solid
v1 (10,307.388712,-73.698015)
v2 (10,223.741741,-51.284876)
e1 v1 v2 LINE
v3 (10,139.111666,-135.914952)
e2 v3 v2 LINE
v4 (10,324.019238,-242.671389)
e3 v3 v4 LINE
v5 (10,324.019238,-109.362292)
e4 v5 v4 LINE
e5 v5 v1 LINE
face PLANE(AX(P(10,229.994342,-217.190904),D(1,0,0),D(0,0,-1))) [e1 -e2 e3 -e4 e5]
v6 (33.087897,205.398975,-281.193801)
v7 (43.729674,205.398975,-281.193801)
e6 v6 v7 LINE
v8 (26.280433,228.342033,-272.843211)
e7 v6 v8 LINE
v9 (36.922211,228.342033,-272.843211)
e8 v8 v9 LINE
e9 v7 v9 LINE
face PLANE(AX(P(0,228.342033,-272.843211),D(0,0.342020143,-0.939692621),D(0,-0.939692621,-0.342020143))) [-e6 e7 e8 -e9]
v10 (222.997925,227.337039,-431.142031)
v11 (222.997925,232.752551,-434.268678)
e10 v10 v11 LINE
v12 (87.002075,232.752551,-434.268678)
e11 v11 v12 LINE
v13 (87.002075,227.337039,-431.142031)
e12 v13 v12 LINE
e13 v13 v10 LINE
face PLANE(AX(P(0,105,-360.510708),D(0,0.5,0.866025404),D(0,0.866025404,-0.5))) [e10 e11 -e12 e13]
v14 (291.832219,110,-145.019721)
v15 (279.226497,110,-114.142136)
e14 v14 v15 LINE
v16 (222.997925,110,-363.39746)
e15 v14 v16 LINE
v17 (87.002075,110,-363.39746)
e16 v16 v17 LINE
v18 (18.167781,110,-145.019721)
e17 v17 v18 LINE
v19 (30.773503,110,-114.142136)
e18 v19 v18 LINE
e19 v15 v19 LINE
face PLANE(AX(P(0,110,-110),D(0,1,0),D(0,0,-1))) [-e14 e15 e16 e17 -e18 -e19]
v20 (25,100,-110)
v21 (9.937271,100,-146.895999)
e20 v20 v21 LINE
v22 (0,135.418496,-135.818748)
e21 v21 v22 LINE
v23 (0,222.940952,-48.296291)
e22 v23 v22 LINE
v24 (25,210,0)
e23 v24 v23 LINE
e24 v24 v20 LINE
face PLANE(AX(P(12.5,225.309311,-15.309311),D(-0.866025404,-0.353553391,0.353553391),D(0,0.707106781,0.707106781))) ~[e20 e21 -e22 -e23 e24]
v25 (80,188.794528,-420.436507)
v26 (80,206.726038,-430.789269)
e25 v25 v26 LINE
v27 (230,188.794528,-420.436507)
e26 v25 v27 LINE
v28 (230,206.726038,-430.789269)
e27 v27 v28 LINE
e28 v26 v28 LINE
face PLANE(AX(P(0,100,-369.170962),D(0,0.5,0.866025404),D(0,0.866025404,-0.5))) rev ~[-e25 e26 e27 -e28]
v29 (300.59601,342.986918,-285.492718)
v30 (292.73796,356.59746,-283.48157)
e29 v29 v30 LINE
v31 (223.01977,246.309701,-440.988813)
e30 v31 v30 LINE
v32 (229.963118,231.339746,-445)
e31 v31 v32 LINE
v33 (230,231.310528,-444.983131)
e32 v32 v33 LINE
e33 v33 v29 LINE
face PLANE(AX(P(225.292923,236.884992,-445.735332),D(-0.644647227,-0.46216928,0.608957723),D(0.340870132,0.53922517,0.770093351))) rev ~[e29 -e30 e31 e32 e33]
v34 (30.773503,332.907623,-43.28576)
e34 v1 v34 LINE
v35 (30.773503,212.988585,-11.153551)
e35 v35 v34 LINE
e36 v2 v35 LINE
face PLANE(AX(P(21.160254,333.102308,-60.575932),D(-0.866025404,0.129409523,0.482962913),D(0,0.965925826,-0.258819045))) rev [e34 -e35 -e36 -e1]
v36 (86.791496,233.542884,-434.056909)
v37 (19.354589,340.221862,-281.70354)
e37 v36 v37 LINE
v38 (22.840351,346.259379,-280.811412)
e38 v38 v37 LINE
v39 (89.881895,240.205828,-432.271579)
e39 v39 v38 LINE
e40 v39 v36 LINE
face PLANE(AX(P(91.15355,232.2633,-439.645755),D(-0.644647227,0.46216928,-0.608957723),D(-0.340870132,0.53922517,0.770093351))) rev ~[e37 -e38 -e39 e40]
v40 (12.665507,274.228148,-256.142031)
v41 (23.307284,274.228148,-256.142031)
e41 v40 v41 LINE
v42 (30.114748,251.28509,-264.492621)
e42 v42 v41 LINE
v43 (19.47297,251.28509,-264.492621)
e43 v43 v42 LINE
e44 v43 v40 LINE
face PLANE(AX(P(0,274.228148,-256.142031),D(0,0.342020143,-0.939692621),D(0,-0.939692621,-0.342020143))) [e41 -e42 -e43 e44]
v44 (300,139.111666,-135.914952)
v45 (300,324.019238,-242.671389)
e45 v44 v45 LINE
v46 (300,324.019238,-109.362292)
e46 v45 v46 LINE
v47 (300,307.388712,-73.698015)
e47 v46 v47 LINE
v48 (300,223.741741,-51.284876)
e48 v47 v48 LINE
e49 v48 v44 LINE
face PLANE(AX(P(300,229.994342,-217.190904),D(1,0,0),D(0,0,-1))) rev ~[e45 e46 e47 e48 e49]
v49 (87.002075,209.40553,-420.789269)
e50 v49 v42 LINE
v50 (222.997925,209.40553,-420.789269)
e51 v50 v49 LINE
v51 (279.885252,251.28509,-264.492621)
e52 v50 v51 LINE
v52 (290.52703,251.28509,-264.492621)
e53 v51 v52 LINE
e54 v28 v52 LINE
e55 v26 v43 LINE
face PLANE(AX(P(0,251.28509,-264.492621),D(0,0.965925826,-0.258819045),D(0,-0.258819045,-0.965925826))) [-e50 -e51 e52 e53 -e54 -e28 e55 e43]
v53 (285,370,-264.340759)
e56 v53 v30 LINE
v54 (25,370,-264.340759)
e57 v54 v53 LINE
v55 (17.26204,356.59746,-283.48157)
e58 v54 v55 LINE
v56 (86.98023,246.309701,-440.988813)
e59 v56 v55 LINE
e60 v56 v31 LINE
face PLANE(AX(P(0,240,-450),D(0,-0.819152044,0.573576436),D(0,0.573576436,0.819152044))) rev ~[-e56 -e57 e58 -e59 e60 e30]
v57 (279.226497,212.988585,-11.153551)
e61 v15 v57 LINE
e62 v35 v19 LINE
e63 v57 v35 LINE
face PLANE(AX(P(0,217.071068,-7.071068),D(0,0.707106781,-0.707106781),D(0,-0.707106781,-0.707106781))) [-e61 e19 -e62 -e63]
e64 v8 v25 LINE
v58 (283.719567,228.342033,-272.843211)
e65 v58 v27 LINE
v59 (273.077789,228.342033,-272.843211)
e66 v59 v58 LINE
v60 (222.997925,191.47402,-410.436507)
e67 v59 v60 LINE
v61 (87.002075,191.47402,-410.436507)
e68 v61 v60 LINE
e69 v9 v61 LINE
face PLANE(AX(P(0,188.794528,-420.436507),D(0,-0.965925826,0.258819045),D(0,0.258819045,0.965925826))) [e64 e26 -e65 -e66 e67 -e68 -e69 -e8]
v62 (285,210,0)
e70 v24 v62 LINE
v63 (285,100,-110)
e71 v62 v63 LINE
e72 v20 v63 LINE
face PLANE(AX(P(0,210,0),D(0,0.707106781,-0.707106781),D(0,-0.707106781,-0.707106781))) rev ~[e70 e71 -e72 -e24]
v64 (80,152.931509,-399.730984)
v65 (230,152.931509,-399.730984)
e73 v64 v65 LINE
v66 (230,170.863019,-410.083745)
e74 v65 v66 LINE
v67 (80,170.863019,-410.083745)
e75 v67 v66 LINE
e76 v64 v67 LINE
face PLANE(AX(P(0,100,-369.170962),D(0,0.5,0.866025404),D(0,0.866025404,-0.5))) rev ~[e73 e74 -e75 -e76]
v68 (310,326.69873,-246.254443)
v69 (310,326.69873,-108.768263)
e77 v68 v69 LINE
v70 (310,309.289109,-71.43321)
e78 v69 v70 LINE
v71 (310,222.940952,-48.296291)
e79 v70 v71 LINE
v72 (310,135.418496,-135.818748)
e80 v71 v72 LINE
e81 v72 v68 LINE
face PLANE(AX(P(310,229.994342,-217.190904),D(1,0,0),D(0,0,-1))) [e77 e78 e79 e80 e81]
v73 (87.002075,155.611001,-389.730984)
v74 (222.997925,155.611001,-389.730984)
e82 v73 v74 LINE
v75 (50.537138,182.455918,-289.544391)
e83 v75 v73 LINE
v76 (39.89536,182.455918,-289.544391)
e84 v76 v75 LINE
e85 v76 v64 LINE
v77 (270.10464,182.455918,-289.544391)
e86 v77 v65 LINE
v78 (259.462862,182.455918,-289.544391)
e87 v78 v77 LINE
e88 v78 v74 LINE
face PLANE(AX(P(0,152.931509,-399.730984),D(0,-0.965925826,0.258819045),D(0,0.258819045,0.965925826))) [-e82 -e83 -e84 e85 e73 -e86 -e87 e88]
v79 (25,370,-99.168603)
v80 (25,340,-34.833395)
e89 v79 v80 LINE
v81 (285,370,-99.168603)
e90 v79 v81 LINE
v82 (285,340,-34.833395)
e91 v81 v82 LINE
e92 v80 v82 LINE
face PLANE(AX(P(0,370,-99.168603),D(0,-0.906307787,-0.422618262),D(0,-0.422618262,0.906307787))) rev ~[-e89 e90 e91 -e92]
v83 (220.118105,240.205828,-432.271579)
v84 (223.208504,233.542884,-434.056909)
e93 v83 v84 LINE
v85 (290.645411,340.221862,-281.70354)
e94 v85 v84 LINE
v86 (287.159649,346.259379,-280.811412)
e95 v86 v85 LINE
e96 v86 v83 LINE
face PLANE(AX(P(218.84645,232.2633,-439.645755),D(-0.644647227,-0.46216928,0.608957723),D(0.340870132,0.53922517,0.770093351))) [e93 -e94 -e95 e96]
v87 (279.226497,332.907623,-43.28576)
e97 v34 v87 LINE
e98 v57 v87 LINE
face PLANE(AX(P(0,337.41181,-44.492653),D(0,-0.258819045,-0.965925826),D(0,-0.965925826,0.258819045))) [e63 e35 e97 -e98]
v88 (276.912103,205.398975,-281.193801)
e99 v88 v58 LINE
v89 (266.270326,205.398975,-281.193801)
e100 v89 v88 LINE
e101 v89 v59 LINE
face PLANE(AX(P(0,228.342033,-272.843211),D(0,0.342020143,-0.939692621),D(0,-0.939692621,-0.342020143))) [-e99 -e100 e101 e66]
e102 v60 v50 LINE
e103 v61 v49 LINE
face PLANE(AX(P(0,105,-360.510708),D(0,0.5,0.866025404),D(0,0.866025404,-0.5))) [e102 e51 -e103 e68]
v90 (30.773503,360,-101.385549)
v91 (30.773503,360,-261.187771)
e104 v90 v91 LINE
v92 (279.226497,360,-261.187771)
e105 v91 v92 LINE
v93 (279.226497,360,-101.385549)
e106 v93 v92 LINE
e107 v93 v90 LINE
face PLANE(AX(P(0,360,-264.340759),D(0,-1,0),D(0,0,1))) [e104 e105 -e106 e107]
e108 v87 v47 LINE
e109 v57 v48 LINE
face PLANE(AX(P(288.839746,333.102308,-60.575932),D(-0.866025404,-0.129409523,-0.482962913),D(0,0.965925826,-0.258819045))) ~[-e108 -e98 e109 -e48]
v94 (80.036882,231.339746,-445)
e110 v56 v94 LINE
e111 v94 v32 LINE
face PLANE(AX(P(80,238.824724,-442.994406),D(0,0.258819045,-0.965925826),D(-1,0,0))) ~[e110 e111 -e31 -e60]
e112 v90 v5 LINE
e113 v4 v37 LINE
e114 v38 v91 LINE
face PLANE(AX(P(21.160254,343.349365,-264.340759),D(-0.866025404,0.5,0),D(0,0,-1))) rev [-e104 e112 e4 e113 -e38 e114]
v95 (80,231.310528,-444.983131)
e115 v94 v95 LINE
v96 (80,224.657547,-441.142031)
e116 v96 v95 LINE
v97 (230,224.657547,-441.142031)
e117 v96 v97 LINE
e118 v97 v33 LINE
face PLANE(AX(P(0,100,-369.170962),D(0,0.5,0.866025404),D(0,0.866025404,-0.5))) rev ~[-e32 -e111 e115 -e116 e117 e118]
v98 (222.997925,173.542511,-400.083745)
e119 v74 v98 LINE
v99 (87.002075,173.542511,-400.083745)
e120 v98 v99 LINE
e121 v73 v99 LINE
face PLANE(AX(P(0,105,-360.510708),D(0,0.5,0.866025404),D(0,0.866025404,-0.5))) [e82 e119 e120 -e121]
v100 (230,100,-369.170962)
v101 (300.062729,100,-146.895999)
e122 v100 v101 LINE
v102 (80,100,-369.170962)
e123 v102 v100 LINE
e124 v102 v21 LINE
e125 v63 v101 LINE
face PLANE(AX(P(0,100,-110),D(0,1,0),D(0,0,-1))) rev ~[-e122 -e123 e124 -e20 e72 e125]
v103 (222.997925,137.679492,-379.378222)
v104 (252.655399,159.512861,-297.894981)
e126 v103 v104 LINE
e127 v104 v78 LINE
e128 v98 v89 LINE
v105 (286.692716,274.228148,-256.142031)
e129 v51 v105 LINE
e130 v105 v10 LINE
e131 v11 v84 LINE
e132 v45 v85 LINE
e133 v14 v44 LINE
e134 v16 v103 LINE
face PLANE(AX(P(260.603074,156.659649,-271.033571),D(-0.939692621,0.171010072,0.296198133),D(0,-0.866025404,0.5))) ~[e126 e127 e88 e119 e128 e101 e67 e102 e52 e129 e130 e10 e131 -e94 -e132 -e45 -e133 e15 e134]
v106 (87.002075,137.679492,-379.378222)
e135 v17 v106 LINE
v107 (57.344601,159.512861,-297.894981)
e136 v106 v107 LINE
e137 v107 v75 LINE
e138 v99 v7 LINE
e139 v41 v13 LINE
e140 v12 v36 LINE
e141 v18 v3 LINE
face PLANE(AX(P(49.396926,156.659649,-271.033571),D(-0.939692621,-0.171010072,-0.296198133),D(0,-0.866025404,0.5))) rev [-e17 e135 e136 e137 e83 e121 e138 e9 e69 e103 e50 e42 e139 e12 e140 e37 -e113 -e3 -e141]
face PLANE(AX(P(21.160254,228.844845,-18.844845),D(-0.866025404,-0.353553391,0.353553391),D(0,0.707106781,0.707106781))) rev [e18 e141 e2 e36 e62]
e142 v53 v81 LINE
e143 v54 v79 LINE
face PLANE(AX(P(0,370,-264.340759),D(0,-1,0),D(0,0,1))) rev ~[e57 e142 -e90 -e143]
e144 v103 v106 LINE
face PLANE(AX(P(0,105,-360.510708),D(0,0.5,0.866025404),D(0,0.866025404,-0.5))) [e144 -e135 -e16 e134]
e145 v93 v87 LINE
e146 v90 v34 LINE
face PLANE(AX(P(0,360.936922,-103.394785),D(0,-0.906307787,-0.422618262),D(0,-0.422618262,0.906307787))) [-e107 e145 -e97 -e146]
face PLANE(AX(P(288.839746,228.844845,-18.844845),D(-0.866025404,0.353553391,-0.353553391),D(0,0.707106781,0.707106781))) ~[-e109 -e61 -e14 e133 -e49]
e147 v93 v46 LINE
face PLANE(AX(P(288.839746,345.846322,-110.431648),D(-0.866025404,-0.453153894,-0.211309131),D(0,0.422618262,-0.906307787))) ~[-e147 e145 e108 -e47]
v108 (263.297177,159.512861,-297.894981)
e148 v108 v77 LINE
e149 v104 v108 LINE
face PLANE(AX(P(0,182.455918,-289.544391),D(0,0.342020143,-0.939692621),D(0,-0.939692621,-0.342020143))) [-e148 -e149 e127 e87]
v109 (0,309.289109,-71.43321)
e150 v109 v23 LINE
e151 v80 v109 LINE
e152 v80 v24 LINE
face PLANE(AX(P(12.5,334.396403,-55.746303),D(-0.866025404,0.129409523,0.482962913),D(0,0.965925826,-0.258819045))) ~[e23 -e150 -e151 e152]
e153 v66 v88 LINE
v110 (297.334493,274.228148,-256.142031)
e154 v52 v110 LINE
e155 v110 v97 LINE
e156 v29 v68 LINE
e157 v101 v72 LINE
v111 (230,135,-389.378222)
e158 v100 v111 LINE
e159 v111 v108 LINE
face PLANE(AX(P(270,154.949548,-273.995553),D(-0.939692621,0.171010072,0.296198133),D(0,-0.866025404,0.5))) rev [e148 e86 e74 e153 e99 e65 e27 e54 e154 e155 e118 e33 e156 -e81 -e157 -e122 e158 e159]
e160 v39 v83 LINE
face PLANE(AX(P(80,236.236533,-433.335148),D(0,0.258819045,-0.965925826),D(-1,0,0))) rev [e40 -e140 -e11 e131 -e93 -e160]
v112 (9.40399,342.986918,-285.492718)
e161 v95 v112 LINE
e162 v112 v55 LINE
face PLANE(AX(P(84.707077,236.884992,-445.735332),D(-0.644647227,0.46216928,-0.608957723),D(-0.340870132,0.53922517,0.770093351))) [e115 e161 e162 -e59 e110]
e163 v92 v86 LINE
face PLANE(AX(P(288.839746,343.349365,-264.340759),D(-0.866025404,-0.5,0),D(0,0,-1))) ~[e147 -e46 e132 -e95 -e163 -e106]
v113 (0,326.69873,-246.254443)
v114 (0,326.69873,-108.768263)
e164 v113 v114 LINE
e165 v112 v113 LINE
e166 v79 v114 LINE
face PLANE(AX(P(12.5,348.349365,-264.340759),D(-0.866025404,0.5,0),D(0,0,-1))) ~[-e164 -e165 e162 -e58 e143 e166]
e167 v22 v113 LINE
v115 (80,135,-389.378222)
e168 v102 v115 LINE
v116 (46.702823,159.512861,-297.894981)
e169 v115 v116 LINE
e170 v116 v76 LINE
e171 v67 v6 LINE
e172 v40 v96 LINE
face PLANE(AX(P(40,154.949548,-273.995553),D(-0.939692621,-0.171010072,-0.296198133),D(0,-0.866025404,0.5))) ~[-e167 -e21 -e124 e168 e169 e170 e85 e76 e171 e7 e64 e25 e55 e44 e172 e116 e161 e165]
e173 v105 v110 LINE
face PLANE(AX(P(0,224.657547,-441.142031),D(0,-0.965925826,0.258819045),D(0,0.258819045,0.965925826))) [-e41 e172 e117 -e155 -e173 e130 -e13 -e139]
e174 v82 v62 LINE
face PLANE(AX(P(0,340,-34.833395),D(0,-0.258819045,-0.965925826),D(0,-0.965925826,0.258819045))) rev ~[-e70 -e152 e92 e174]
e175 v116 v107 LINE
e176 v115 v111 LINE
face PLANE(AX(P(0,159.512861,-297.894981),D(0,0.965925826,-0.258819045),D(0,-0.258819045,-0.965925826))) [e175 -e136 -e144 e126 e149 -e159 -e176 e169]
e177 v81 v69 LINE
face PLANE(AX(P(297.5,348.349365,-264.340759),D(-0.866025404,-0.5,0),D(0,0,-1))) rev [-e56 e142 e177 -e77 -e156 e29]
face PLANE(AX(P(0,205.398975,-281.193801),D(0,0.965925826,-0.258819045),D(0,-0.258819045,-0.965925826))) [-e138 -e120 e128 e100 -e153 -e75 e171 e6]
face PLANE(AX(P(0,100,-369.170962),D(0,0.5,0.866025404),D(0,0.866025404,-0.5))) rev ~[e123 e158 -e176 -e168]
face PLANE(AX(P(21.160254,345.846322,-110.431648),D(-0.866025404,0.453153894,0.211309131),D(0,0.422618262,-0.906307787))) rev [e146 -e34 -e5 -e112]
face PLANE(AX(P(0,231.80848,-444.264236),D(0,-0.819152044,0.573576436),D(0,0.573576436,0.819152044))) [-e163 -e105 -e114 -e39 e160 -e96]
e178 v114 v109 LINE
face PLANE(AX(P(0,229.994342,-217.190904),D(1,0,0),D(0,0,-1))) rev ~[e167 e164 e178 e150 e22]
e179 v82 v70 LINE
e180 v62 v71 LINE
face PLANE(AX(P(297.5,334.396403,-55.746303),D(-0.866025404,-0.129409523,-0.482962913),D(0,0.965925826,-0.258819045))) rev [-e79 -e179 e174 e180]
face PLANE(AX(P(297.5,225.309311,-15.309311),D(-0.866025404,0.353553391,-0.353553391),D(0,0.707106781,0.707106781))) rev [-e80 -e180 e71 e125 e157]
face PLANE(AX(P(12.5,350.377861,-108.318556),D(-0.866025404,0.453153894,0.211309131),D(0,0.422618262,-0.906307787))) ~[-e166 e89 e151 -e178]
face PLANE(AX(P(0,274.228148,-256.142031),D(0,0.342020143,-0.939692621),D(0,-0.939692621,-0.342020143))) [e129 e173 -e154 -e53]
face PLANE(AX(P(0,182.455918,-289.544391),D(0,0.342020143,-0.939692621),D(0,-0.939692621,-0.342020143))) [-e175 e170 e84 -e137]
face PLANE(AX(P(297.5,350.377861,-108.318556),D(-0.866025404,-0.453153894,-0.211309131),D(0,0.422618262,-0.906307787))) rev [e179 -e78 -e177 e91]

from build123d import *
from OCP.BRepFilletAPI import BRepFilletAPI_MakeChamfer

# Parameters (mm, degrees)
BOSS_EXTRU_1_DEPTH      = 310
CHANFREIN1_SIZE         = 80
CHANFREIN1_SIZE2        = 219.798193556
CHANFREIN2_SIZE         = 25
CHANFREIN2_SIZE2        = 43.301270189
CHANFREIN3_SIZE         = 10
CHANFREIN3_SIZE2        = 11.000628676
CHANFREIN3_SIZE2_2      = 10.311972297
COQUE1_T                = 10
ENL_V_MAT_EXTRU_1_DEPTH = 657.524942405


with BuildPart() as part:
    # Esquisse1 → Boss.-Extru.1 (new body)
    with BuildSketch(Plane(origin=(0, 0, 0), x_dir=(0, 0, -1), z_dir=(1, 0, 0))):
        Polygon((369.170962313, 100), (450, 240), (264.340759124, 370), (99.168602631, 370), (34.833395016, 340), (0, 210), (110, 100), align=None)
    extrude(amount=BOSS_EXTRU_1_DEPTH)

    # Chanfrein1
    chanfrein1_edges = [part.edges().sort_by_distance(p)[0] for p in [
        (310, 170, -409.585481157),
        (0, 170, -409.585481157),
    ]]
    chanfrein1_side = [part.faces().sort_by_distance(p)[0] for p in [
        (155, 170, -409.585481157),
    ]]
    chamfer(chanfrein1_edges, length=CHANFREIN1_SIZE, length2=CHANFREIN1_SIZE2, reference=chanfrein1_side[0])

    # Chanfrein2: one chamfer whose edges measure the first distance from different faces: ONE call of the kernel's chamfer builder (chamfer() names one face for all edges)
    chanfrein2_edges_1 = [part.edges().sort_by_distance(p)[0] for p in [
        (0, 155, -55),
        (310, 155, -55),
    ]]
    chanfrein2_side_1 = [part.faces().sort_by_distance(p)[0] for p in [
        (155, 155, -55),
    ]]
    chanfrein2_edges_2 = [part.edges().sort_by_distance(p)[0] for p in [
        (0, 275, -17.416697508),
        (310, 275, -17.416697508),
    ]]
    chanfrein2_side_2 = [part.faces().sort_by_distance(p)[0] for p in [
        (155, 275, -17.416697508),
    ]]
    chanfrein2_edges_3 = [part.edges().sort_by_distance(p)[0] for p in [
        (0, 355, -67.000998824),
        (310, 355, -67.000998824),
    ]]
    chanfrein2_side_3 = [part.faces().sort_by_distance(p)[0] for p in [
        (155, 355, -67.000998824),
    ]]
    chanfrein2_edges_4 = [part.edges().sort_by_distance(p)[0] for p in [
        (0, 370, -181.754680877),
        (310, 370, -181.754680877),
    ]]
    chanfrein2_side_4 = [part.faces().sort_by_distance(p)[0] for p in [
        (155, 370, -181.754680877),
    ]]
    chanfrein2 = BRepFilletAPI_MakeChamfer(part.part.solid().wrapped)
    for e in chanfrein2_edges_1:
        chanfrein2.Add(CHANFREIN2_SIZE, CHANFREIN2_SIZE2, e.wrapped, chanfrein2_side_1[0].wrapped)  # the first distance lies on this face
    for e in chanfrein2_edges_2:
        chanfrein2.Add(CHANFREIN2_SIZE, CHANFREIN2_SIZE2, e.wrapped, chanfrein2_side_2[0].wrapped)  # the first distance lies on this face
    for e in chanfrein2_edges_3:
        chanfrein2.Add(CHANFREIN2_SIZE, CHANFREIN2_SIZE2, e.wrapped, chanfrein2_side_3[0].wrapped)  # the first distance lies on this face
    for e in chanfrein2_edges_4:
        chanfrein2.Add(CHANFREIN2_SIZE, CHANFREIN2_SIZE2, e.wrapped, chanfrein2_side_4[0].wrapped)  # the first distance lies on this face
    add(Compound.cast(chanfrein2.Shape()), mode=Mode.REPLACE)

    # Chanfrein3: one chamfer whose edges measure the first distance from different faces: ONE call of the kernel's chamfer builder (chamfer() names one face for all edges)
    chanfrein3_edges_1 = [part.edges().sort_by_distance(p)[0] for p in [
        (155, 240, -450),
    ]]
    chanfrein3_side_1 = [part.faces().sort_by_distance(p)[0] for p in [
        (155, 170, -409.585481157),
    ]]
    chanfrein3_edges_2 = [part.edges().sort_by_distance(p)[0] for p in [
        (46.013035878, 293.764248554, -373.216695593),
    ]]
    chanfrein3_side_2 = [part.faces().sort_by_distance(p)[0] for p in [
        (36.692430522, 203.807514508, -291.710403206),
    ]]
    chanfrein3_edges_3 = [part.edges().sort_by_distance(p)[0] for p in [
        (263.986964122, 293.764248554, -373.216695593),
    ]]
    chanfrein3_side_3 = [part.faces().sort_by_distance(p)[0] for p in [
        (273.307569478, 203.807514508, -291.710403206),
    ]]
    chanfrein3 = BRepFilletAPI_MakeChamfer(part.part.solid().wrapped)
    for e in chanfrein3_edges_1:
        chanfrein3.Add(CHANFREIN3_SIZE, CHANFREIN3_SIZE2, e.wrapped, chanfrein3_side_1[0].wrapped)  # the first distance lies on this face
    for e in chanfrein3_edges_2:
        chanfrein3.Add(CHANFREIN3_SIZE, CHANFREIN3_SIZE2_2, e.wrapped, chanfrein3_side_2[0].wrapped)  # the first distance lies on this face
    for e in chanfrein3_edges_3:
        chanfrein3.Add(CHANFREIN3_SIZE, CHANFREIN3_SIZE2_2, e.wrapped, chanfrein3_side_3[0].wrapped)  # the first distance lies on this face
    add(Compound.cast(chanfrein3.Shape()), mode=Mode.REPLACE)

    # Coque1 (no face opened: a closed hollow body)
    add(offset(amount=-COQUE1_T, mode=Mode.PRIVATE), mode=Mode.SUBTRACT)

    # Esquisse2 → Enlèv. mat.-Extru.1 (cut, through all)
    with BuildSketch(Plane(origin=(0, 0, 0), x_dir=(0, 0, -1), z_dir=(1, 0, 0))):
        Polygon((441.142030756, 224.657547217), (256.142030756, 274.228147817), (264.492620752, 251.285090363), (430.789268951, 206.726037773), align=None)
        Polygon((297.894980737, 159.512860546), (389.378221735, 135), (399.730983539, 152.931509443), (289.544390741, 182.455918), align=None)
        Polygon((272.843210748, 228.342032908), (281.193800745, 205.398975454), (410.083745343, 170.863018887), (420.436507147, 188.79452833), align=None)
    extrude(amount=ENL_V_MAT_EXTRU_1_DEPTH, mode=Mode.SUBTRACT)


solid = part.part
